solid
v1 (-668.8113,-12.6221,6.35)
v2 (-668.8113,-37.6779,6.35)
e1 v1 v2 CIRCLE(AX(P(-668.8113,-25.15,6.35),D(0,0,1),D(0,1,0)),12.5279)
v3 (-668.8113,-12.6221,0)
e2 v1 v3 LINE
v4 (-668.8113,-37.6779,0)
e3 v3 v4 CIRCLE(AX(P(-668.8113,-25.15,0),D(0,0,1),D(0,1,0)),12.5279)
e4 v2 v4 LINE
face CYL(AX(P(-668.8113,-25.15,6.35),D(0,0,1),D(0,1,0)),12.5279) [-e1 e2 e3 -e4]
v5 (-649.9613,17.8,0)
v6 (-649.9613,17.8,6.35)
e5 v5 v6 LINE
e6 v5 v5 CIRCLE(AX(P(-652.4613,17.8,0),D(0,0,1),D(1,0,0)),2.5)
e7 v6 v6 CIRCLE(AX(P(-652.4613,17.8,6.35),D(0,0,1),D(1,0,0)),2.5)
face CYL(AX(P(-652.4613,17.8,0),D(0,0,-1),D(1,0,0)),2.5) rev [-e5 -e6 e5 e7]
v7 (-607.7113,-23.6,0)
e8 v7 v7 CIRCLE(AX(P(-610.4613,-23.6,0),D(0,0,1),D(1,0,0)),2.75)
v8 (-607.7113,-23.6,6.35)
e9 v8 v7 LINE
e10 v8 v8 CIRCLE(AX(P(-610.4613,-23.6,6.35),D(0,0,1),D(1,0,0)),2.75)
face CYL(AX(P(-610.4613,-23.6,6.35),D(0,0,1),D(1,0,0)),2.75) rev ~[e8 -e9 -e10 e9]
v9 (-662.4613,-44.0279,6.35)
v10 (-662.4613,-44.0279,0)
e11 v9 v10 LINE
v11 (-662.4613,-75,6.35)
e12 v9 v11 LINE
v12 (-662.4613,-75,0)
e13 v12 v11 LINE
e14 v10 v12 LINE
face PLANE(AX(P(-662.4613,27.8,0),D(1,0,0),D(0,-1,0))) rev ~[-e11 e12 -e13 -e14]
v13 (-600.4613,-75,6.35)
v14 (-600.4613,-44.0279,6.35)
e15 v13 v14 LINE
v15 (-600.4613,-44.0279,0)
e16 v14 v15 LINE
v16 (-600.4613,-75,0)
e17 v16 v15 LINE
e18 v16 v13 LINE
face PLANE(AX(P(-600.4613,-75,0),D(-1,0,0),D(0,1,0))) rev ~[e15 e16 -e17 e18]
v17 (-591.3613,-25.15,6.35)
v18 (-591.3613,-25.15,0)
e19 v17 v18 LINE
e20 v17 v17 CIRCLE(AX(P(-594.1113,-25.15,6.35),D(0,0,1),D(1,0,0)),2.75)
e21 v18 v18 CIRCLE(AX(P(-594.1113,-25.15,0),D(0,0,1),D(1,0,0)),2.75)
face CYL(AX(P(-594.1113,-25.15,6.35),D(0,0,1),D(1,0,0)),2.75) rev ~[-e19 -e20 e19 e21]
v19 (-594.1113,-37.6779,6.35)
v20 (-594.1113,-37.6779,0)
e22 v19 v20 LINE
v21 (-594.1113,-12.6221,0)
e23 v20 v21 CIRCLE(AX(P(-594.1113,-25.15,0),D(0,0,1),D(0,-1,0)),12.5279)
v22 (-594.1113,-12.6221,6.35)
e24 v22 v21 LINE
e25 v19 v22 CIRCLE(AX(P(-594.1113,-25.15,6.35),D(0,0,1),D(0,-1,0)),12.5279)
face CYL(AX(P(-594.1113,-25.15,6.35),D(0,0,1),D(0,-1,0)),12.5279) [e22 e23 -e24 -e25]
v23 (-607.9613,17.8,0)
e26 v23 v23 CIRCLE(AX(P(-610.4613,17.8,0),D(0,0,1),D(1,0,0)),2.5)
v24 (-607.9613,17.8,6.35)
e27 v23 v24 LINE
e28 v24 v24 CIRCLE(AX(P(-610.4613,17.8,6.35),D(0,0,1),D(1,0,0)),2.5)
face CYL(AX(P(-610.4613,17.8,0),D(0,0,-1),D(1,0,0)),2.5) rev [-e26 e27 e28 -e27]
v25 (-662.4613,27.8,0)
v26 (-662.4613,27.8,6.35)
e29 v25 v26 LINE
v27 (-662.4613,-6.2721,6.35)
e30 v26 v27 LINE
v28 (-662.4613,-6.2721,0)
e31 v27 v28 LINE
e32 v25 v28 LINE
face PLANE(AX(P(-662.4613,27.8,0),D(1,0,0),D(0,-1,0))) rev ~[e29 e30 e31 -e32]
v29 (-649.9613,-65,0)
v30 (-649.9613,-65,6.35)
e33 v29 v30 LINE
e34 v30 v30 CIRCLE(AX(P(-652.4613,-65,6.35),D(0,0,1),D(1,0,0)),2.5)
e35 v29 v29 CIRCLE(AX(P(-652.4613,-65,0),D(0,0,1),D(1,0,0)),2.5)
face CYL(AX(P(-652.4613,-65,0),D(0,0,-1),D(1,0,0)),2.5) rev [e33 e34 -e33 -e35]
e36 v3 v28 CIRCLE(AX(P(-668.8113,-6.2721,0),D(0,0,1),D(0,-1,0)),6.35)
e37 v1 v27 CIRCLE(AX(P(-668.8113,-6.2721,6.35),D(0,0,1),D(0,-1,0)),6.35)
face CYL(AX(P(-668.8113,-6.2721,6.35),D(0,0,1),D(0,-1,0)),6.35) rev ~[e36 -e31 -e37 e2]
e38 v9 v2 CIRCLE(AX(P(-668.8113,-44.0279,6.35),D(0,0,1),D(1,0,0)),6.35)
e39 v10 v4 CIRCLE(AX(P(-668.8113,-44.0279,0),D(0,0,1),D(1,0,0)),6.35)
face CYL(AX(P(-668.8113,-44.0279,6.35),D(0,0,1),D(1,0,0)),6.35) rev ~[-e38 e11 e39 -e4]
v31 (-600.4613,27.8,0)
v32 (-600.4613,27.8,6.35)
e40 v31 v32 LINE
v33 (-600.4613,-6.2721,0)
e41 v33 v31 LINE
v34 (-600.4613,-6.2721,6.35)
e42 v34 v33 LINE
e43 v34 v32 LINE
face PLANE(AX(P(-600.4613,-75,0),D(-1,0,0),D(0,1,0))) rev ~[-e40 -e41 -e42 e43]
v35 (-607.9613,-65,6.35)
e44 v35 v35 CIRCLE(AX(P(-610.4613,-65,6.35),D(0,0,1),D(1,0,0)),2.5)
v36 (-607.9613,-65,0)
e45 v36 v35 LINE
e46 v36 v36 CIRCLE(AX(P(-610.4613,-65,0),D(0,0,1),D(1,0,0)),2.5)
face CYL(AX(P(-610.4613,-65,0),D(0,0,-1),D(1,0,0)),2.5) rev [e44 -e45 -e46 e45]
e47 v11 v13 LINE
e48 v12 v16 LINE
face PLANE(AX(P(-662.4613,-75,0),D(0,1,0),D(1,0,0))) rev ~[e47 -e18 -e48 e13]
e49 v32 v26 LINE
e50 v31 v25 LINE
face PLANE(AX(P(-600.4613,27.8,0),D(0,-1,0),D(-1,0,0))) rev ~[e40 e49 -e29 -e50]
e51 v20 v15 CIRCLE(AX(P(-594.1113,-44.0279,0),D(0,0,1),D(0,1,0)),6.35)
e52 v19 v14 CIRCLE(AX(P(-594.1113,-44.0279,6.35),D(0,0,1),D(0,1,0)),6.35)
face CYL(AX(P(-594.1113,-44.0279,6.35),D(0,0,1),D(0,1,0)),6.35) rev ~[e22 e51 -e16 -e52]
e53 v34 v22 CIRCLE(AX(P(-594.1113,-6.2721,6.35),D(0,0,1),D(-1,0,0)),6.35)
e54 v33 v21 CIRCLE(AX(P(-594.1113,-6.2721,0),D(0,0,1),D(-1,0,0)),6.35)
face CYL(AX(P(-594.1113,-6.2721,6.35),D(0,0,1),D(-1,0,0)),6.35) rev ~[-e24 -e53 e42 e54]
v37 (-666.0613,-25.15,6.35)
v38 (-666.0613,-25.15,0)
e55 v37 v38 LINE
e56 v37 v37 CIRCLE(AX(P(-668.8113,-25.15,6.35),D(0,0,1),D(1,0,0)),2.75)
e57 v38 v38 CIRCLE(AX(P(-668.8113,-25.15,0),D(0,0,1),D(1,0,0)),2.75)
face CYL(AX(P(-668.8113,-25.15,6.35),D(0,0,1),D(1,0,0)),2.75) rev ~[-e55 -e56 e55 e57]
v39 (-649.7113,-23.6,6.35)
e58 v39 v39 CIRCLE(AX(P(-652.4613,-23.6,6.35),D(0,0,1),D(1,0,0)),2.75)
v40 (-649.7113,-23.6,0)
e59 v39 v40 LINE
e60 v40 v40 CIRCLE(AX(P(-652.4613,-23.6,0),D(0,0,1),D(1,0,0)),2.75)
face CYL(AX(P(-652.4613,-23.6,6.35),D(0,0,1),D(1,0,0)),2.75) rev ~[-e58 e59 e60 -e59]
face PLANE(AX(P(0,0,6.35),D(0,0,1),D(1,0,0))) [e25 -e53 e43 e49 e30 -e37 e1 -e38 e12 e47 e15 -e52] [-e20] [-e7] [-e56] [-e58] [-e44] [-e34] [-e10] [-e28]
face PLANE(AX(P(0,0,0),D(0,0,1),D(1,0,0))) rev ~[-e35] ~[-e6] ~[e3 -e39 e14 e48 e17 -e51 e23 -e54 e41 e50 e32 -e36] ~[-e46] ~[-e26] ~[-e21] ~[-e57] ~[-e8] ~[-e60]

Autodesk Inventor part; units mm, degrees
ref_plane "YZ Plane" through (0, 0, 0) normal (1, 0, 0) x (0, 1, 0)
ref_plane "XZ Plane" through (0, 0, 0) normal (0, 1, 0) x (-1, 0, 0)
ref_plane "XY Plane" through (0, 0, 0) normal (0, 0, 1) x (1, 0, 0)
sketch "Sketch1" plane through (0, 0, 0) normal (0, 0, 1) x (1, 0, 0)
  circle A0 centre (-610.4613, 17.8) radius 2.5 projected
  circle A1 centre (-610.4613, 17.8) radius 9.9 construction
  circle A2 centre (-652.4613, 17.8) radius 2.5 projected
  circle A3 centre (-652.4613, 17.8) radius 9.9 construction
  circle A4 centre (-610.4613, -65) radius 2.5 projected
  circle A5 centre (-610.4613, -65) radius 9.9 construction
  circle A6 centre (-652.4613, -65) radius 2.5 projected
  circle A7 centre (-652.4613, -65) radius 9.9 construction
  line L0 (-610.4613, -65) -> (-652.4613, -65) construction
  line L1 (-652.4613, -65) -> (-652.4613, 17.8) construction
  line L2 (-652.4613, 17.8) -> (-610.4613, 17.8) construction
  line L3 (-610.4613, 17.8) -> (-610.4613, -65) construction
  line L4 (-662.4613, -75) -> (-600.4613, -75)
  line L5 (-600.4613, -75) -> (-600.4613, 27.8)
  line L6 (-600.4613, 27.8) -> (-662.4613, 27.8)
  line L7 (-662.4613, 27.8) -> (-662.4613, -75)
  point P0 (0, 0)
  dimension "d0" = 10
extrude "Extrusion1" add sketch "Sketch1" along normal blind 6.35
sketch "Sketch2" plane through (0, 0, 6.35) normal (0, 0, 1) x (1, 0, 0)
  circle A0 centre (-610.4613, 17.8) radius 2.5 projected
  circle A1 centre (-610.4613, -65) radius 2.5 projected
  circle A2 centre (-652.4613, -65) radius 2.5 projected
  circle A3 centre (-652.4613, 17.8) radius 2.5 projected
  circle A4 centre (-652.4613, 17.8) radius 2.5 projected
  line L0 (-652.4613, 17.8) -> (-652.4613, -65) construction
  circle A5 centre (-610.4613, 17.8) radius 2.5 projected
  circle A6 centre (-610.4613, -65) radius 2.5 projected
  line L1 (-610.4613, 17.8) -> (-610.4613, -65) construction
  circle A7 centre (-610.4613, -23.6) radius 2.75
  circle A8 centre (-652.4613, -23.6) radius 2.75
  point P0 (0, 0)
  dimension "d3" = 5.5
extrude "Extrusion2" cut sketch "Sketch2" against normal blind 25.4 contours A7 | A8
sketch "Sketch3" plane through (0, 0, 6.35) normal (0, 0, 1) x (1, 0, 0)
  line L0 (-688.334, -23.6) -> (-567.3626, -23.6) construction
  line L1 (-600.4613, -75) -> (-600.4613, 27.8) construction
  line L2 (-662.4613, 27.8) -> (-662.4613, -75) construction
  line L3 (-594.1113, -75) -> (-594.1113, 27.8) construction
  line L4 (-668.8113, 24.7) -> (-668.8113, -75) construction
  circle A0 centre (-668.8113, -25.15) radius 2.75
  arc A1 (-668.8113, -12.6221) -> (-668.8113, -37.6779) centre (-668.8113, -25.15) ccw
  line L5 (-600.4613, -75) -> (-600.4613, 27.8) projected
  arc A2 (-662.4613, -44.0279) -> (-668.8113, -37.6779) centre (-668.8113, -44.0279) ccw
  arc A3 (-668.8113, -12.6221) -> (-662.4613, -6.2721) centre (-668.8113, -6.2721) ccw
  line L6 (-668.8113, -6.2721) -> (-662.4613, -6.2721) construction
  line L7 (-668.8113, -6.2721) -> (-668.8113, -12.6221) construction
  line L8 (-600.4613, 27.8) -> (-662.4613, 27.8) construction
  line L9 (-631.4613, 27.8) -> (-631.4613, -75) construction
  line L10 (-662.4613, -75) -> (-600.4613, -75) construction
  circle A4 centre (-594.1113, -25.15) radius 2.75
  arc A5 (-594.1113, -37.6779) -> (-594.1113, -12.6221) centre (-594.1113, -25.15) ccw
  arc A6 (-594.1113, -37.6779) -> (-600.4613, -44.0279) centre (-594.1113, -44.0279) ccw
  arc A7 (-600.4613, -6.2721) -> (-594.1113, -12.6221) centre (-594.1113, -6.2721) ccw
  line L11 (-594.1113, -6.2721) -> (-600.4613, -6.2721) construction
  line L12 (-594.1113, -6.2721) -> (-594.1113, -12.6221) construction
  line L13 (-662.4613, -6.2721) -> (-662.4613, -44.0279) construction
  line L14 (-662.4613, -6.2721) -> (-662.4613, -44.0279)
  line L15 (-600.4613, -44.0279) -> (-600.4613, -6.2721)
  point P0 (0, 0)
  point P1 (-574.5885, -23.6)
  dimension "d6" = 6.35
  dimension "d7" = 6.35
  dimension "d9" = 6.35
  dimension "d10" = 90
  dimension "d11" = 6.35
  dimension "d14" = 1.55
  dimension "d15" = 51.4
extrude "Extrusion3" add sketch "Sketch3" against normal up to surface (6.35 mm away)
properties part number "yCarraige"
